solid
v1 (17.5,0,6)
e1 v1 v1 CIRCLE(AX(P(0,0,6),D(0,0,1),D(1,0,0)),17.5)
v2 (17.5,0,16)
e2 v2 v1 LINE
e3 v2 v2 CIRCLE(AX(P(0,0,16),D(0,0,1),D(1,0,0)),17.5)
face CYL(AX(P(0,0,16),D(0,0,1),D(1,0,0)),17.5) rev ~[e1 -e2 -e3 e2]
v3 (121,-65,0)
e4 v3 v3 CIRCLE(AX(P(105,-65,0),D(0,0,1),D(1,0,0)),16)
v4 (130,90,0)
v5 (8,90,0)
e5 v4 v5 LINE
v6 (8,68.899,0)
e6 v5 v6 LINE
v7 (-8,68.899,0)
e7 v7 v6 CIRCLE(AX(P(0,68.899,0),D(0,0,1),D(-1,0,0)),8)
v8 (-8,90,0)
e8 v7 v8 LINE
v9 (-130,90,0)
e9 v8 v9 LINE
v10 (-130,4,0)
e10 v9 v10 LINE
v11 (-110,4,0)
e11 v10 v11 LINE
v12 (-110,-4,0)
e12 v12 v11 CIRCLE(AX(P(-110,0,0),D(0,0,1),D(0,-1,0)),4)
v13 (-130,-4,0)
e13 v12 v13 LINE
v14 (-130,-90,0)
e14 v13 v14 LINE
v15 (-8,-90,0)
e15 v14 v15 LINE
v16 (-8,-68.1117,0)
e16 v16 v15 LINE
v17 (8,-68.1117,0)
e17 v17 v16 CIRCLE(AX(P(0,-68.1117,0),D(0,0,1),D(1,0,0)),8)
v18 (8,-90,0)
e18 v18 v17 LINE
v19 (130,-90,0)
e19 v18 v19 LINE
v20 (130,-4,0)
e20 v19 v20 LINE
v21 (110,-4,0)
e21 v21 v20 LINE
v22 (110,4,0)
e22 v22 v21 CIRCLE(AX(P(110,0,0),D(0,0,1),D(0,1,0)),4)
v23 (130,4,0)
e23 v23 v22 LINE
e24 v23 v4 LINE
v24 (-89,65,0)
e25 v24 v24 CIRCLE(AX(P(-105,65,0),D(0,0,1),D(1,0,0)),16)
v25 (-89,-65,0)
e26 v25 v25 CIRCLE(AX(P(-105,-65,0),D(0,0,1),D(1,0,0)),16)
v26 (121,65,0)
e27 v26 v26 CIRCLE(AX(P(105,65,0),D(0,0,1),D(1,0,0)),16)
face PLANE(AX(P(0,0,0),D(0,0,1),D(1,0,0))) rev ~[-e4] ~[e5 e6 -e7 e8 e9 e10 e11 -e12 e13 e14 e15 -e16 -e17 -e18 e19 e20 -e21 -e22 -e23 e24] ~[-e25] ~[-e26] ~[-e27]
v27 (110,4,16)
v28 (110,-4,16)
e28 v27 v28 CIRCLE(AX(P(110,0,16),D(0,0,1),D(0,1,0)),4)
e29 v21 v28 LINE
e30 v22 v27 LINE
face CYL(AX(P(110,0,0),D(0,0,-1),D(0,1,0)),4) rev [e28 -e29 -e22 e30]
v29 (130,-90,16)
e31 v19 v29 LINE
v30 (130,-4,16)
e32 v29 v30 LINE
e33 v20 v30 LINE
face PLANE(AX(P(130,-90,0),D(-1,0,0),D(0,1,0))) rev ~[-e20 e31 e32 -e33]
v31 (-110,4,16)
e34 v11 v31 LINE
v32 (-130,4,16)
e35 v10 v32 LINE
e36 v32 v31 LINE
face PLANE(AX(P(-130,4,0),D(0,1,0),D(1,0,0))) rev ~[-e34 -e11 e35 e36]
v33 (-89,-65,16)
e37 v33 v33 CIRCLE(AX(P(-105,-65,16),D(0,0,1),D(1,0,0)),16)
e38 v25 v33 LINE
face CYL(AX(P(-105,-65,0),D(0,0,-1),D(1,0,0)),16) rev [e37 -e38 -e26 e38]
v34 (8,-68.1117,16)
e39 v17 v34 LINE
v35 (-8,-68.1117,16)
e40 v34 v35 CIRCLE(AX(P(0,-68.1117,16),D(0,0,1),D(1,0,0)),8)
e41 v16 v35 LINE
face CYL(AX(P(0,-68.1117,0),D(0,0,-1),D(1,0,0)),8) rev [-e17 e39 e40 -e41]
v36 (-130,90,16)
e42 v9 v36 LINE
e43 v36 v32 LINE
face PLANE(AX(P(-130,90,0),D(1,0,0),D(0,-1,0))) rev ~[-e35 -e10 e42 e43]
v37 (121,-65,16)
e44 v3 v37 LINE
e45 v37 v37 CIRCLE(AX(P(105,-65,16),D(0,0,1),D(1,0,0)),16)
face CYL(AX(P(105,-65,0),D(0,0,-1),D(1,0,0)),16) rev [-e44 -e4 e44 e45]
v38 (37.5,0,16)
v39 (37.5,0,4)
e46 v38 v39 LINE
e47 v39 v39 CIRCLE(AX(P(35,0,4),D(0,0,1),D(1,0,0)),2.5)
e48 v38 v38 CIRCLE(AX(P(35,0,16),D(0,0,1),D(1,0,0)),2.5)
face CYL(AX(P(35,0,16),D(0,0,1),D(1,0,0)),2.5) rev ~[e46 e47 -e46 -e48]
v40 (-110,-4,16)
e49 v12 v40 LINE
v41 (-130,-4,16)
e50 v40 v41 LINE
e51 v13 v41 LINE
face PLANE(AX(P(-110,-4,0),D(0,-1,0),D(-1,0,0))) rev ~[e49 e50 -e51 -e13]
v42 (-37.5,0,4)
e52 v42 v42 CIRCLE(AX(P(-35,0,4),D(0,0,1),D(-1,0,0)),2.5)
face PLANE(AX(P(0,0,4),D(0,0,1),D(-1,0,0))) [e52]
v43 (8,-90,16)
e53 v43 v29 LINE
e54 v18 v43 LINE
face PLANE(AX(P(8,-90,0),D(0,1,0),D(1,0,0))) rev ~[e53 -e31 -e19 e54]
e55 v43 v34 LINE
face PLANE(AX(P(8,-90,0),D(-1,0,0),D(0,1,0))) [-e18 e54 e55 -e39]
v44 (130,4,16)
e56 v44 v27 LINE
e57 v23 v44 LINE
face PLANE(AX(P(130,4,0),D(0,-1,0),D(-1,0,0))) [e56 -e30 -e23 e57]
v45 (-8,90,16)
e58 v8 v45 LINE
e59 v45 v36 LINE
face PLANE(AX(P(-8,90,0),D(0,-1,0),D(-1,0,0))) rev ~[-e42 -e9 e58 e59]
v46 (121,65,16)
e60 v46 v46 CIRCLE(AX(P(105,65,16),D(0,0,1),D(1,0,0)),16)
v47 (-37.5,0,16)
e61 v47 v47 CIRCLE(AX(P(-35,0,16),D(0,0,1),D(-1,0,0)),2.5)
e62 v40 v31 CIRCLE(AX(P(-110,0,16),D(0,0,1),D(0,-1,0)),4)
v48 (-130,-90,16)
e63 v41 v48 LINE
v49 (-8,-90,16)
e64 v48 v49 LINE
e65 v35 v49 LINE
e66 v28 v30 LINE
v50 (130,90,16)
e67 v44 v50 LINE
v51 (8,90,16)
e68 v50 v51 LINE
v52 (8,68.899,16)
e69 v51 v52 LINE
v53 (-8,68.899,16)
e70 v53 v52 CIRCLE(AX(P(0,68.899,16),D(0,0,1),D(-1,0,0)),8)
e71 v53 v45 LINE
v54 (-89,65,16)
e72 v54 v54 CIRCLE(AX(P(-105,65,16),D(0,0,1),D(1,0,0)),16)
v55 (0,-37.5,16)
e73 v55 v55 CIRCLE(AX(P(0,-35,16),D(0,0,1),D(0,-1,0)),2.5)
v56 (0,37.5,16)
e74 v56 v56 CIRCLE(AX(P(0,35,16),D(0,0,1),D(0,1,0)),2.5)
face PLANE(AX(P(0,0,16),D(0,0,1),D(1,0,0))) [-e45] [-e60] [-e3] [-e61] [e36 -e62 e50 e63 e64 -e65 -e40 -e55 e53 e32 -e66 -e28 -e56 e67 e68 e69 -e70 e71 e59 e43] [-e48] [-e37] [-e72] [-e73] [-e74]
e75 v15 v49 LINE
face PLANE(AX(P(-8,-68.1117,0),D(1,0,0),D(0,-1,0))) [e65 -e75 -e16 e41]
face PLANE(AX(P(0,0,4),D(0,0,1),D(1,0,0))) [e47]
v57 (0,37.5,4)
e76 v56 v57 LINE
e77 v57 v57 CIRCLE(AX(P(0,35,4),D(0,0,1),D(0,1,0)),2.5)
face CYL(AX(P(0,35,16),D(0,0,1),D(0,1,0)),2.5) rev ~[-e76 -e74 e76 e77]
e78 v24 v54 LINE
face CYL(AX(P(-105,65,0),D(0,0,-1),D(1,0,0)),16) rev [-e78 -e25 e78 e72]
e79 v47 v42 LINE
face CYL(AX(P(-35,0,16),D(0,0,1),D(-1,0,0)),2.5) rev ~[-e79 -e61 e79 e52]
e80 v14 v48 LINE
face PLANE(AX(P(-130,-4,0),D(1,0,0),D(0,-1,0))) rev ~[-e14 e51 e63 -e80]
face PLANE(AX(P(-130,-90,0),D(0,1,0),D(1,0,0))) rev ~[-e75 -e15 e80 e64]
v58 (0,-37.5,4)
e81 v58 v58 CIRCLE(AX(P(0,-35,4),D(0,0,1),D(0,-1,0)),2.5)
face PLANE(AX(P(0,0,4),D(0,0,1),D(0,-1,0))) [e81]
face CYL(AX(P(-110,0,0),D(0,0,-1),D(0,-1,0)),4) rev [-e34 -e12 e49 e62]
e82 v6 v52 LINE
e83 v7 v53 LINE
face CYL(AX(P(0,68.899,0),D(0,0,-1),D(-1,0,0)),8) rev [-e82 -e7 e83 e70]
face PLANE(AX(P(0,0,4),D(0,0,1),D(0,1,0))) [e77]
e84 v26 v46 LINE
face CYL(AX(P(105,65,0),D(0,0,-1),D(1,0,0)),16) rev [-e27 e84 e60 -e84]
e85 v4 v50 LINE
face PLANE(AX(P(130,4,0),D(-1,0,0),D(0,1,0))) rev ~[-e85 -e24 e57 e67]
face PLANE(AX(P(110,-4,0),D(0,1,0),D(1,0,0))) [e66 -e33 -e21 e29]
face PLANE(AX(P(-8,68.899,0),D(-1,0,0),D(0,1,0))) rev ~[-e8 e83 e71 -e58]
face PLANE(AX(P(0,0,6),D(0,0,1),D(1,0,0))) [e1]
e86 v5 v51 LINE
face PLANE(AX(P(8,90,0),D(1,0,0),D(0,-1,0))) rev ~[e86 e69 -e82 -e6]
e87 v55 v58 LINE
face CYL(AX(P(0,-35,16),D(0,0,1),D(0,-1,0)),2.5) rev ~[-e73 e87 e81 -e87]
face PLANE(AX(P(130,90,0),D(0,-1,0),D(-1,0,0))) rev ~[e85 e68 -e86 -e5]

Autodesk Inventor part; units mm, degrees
ref_plane "YZ Plane" through (0, 0, 0) normal (1, 0, 0) x (0, 1, 0)
ref_plane "XZ Plane" through (0, 0, 0) normal (0, 1, 0) x (-1, 0, 0)
ref_plane "XY Plane" through (0, 0, 0) normal (0, 0, 1) x (1, 0, 0)
sketch "Sketch1" plane through (0, 0, 0) normal (0, 0, 1) x (1, 0, 0)
  line L0 (130, 90) -> (-130, -90) construction
  line L1 (-130, 90) -> (130, -90) construction
  circle A0 centre (-105, 65) radius 16
  circle A1 centre (105, 65) radius 16
  circle A2 centre (105, -65) radius 16
  circle A3 centre (-105, -65) radius 16
  line L2 (0, -68.1117) -> (0, -128.2653) construction
  line L3 (-8, -68.1117) -> (-8, -90)
  line L4 (8, -90) -> (8, -68.1117)
  arc A4 (8, -68.1117) -> (-8, -68.1117) centre (0, -68.1117) ccw
  line L5 (138.2624, 0) -> (110, 0) construction
  line L6 (130, 4) -> (110, 4)
  line L7 (110, -4) -> (130, -4)
  arc A5 (110, 4) -> (110, -4) centre (110, 0) ccw
  line L8 (-67.4567, 0.3936) -> (51.9271, 0.3936) construction
  line L9 (0, -23.6129) -> (0, 33.7533) construction
  line L10 (-8, 68.899) -> (-8, 90)
  line L11 (8, 90) -> (8, 68.899)
  arc A6 (-8, 68.899) -> (8, 68.899) centre (0, 68.899) ccw
  line L12 (-130, -90) -> (-8, -90)
  line L13 (8, -90) -> (130, -90)
  line L14 (130, -90) -> (130, -4)
  line L15 (130, 4) -> (130, 90)
  line L16 (130, 90) -> (8, 90)
  line L17 (-8, 90) -> (-130, 90)
  line L18 (-130, 4) -> (-110, 4)
  line L19 (-110, -4) -> (-130, -4)
  arc A7 (-110, -4) -> (-110, 4) centre (-110, 0) ccw
  line L20 (-130, 90) -> (-130, 4)
  line L21 (-130, -4) -> (-130, -90)
  point P0 (0, 0)
  point P1 (4, -128.8323)
  point P2 (0, -98.1885)
  point P3 (124.1312, 0)
  point P4 (4, -87.7077)
  point P5 (130, 0)
  point P6 (-4, 128.8323)
  point P7 (4, 129.6196)
  dimension "d2" = 32
  dimension "d3" = 105
  dimension "d5" = 65
  dimension "d6" = 105
  dimension "d7" = 65
  dimension "d9" = 8
  dimension "d10" = 20
  dimension "d11" = 20
  dimension "d24" = 8
  dimension "d25" = 101
  dimension "d26" = 97
  dimension "d27" = 97
  dimension "d28" = 65
  dimension "d29" = 65
  dimension "d30" = 0
  dimension "d31" = 4
  dimension "d32" = 4
  dimension "d33" = 260
  dimension "d34" = 260
  dimension "d35" = 180
  dimension "d36" = 180
extrude "Extrusion1" add sketch "Sketch1" along normal blind 16
sketch "Sketch2" plane through (0, 0, 16) normal (0, 0, 1) x (1, 0, 0)
  circle A0 centre (35, 0) radius 2.5
  point P0 (0, 0)
  dimension "d14" = 5
  dimension "d15" = 35
extrude "Extrusion2" cut sketch "Sketch2" against normal blind 12
sketch "Sketch3" plane through (0, 0, 16) normal (0, 0, 1) x (1, 0, 0)
  circle A0 centre (0, 0) radius 17.5
  dimension "d18" = 35
extrude "Extrusion3" cut sketch "Sketch3" against normal blind 10
pattern_circular "Circular Pattern1" count 4 over 360 about axis through (0, 0, 16) along (0, 0, -1) of "Extrusion2"
properties part number "Base superior da ferramenta"
